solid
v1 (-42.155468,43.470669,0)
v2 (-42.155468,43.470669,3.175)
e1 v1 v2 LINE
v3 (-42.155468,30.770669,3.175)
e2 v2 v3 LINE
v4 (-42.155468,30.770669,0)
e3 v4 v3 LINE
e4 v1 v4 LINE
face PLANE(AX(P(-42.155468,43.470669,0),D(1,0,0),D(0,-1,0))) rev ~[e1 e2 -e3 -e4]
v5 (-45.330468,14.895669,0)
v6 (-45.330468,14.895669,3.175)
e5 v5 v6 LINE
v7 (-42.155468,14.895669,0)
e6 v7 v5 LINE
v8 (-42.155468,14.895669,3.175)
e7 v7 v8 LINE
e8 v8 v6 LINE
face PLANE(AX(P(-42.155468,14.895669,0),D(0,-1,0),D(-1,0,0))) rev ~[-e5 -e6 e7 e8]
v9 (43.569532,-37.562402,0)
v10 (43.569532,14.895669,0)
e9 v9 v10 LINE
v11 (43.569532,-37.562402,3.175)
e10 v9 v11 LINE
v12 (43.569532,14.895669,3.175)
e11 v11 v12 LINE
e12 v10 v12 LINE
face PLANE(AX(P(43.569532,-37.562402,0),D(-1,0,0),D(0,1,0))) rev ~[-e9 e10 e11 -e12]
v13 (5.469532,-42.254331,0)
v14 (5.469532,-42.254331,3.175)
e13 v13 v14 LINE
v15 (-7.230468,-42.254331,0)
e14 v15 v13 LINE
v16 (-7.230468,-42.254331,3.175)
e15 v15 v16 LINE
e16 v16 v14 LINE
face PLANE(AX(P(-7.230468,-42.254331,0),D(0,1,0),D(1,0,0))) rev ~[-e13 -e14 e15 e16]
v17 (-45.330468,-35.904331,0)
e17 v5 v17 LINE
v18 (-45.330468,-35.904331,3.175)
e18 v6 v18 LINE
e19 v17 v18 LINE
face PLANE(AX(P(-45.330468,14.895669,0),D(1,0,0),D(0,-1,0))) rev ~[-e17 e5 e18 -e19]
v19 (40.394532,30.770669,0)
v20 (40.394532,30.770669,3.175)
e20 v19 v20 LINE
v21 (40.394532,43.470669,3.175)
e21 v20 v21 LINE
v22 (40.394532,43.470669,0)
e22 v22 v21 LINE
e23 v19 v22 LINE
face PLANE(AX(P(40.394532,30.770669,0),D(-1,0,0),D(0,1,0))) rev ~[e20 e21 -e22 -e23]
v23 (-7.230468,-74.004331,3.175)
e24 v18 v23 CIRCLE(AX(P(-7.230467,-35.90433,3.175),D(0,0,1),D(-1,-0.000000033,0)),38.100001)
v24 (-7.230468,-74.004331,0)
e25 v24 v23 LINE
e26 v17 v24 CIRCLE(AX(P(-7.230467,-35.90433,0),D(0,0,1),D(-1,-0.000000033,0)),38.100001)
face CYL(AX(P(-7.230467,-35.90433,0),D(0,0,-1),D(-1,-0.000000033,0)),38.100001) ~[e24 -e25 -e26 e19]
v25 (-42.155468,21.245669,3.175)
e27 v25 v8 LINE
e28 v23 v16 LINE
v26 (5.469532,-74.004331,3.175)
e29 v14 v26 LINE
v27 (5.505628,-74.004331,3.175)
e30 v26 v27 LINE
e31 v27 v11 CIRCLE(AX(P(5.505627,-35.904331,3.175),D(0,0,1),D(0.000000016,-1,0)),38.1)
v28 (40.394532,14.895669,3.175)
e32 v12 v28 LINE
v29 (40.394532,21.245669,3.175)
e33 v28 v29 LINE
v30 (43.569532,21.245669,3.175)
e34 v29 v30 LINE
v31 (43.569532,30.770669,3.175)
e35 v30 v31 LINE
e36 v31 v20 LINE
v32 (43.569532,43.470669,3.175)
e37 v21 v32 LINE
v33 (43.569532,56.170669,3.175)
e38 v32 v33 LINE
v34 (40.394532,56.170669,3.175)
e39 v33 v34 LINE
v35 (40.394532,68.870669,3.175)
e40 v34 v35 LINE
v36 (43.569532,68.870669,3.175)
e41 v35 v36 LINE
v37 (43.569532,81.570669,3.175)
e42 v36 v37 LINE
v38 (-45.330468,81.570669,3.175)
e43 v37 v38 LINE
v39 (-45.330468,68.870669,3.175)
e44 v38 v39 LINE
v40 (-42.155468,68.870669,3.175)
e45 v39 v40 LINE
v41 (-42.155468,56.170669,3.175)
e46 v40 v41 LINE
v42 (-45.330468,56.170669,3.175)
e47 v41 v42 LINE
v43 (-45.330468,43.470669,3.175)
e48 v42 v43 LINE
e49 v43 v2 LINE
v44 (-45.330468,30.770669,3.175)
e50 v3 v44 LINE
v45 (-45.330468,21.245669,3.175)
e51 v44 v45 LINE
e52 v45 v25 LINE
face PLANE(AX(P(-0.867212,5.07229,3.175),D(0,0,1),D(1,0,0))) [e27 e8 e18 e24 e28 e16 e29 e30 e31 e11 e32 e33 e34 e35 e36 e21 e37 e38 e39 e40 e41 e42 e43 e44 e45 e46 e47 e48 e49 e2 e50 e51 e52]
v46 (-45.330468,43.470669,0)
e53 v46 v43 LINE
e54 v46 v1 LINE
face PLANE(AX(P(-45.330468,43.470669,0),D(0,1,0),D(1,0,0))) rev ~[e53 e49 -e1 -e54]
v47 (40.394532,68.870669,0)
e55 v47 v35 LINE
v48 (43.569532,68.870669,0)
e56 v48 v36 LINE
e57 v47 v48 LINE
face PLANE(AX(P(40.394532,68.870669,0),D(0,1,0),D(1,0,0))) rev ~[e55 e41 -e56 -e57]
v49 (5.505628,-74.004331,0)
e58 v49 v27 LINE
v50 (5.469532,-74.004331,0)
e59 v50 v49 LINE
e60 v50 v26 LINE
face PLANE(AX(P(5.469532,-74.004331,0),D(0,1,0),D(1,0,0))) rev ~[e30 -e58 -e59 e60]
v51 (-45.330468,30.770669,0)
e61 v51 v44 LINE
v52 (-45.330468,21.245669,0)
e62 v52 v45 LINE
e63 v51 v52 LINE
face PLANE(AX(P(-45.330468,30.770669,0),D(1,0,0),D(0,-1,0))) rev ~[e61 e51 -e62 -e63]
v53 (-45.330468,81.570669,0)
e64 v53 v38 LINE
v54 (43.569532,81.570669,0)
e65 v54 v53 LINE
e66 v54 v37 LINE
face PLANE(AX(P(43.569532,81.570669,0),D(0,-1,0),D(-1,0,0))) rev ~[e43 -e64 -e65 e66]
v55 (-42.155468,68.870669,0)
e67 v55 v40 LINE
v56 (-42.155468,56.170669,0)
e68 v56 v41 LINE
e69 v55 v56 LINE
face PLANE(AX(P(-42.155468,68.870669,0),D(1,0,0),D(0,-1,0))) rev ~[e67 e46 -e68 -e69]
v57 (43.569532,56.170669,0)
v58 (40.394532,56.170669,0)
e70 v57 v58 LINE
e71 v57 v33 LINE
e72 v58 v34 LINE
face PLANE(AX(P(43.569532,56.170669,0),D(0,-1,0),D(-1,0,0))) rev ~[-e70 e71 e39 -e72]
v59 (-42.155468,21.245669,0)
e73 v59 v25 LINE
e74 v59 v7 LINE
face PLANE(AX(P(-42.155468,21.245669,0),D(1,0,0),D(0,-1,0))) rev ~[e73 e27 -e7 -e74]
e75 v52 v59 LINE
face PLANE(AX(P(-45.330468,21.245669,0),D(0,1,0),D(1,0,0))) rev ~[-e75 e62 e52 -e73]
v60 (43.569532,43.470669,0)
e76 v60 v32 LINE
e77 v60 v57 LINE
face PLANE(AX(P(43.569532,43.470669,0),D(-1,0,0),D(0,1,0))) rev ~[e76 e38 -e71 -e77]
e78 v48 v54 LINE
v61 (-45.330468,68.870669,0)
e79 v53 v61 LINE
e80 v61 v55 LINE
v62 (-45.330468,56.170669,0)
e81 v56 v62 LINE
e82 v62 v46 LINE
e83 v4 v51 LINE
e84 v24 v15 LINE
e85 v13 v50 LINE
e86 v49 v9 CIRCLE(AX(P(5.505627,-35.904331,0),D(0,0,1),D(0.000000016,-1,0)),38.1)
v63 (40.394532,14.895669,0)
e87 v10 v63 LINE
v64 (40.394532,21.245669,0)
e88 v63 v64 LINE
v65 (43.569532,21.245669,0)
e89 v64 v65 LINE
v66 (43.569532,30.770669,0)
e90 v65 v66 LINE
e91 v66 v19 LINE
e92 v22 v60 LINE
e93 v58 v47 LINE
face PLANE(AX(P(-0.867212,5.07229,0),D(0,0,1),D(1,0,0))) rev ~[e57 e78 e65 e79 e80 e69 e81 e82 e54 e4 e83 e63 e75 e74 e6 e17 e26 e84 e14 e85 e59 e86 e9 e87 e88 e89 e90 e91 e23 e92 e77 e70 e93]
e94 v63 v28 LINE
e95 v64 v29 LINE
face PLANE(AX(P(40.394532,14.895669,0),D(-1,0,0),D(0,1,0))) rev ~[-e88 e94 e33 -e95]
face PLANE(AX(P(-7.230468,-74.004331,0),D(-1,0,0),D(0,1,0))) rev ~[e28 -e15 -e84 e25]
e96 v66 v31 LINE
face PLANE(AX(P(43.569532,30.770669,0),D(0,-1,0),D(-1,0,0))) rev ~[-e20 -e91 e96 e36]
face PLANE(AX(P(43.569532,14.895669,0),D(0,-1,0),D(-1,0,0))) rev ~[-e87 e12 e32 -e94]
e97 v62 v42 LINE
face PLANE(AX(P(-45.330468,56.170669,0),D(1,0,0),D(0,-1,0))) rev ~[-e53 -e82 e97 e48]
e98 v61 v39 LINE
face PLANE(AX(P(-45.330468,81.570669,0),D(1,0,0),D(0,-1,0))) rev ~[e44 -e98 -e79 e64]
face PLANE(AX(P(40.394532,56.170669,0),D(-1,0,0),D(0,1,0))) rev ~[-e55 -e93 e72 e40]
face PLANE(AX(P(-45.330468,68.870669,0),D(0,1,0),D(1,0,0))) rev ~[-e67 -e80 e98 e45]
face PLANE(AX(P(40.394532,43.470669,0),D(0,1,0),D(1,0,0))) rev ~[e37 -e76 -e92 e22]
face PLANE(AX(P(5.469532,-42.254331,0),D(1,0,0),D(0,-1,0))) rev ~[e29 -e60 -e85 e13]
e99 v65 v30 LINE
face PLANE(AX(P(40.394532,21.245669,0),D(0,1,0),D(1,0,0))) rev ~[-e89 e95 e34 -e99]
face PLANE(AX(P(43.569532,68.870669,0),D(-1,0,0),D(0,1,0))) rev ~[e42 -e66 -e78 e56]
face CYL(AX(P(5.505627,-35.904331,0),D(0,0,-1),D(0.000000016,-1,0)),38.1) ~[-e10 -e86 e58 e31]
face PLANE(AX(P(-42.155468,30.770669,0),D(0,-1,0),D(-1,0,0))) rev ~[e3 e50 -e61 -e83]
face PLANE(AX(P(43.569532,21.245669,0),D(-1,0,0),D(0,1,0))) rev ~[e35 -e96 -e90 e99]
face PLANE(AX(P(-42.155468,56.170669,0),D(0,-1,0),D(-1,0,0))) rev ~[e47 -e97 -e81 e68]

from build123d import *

# Parameters (mm, degrees)
F1_DEPTH = 3.175


with BuildPart() as f1:
    # F0 (on Top) → F1 (new body)
    with BuildSketch(Plane.XY):
        with BuildLine():
            Line((43.569532, 81.570669), (-45.330468, 81.570669))
            Line((-45.330468, 81.570669), (-45.330468, 68.870669))
            Line((-45.330468, 68.870669), (-42.155468, 68.870669))
            Line((-42.155468, 68.870669), (-42.155468, 56.170669))
            Line((-42.155468, 56.170669), (-45.330468, 56.170669))
            Line((-45.330468, 56.170669), (-45.330468, 43.470669))
            Line((-45.330468, 43.470669), (-42.155468, 43.470669))
            Line((-42.155468, 43.470669), (-42.155468, 30.770669))
            Line((-42.155468, 30.770669), (-45.330468, 30.770669))
            Line((-45.330468, 30.770669), (-45.330468, 21.245669))
            Line((-45.330468, 21.245669), (-42.155468, 21.245669))
            Line((-42.155468, 21.245669), (-42.155468, 14.895669))
            Line((-42.155468, 14.895669), (-45.330468, 14.895669))
            Line((-45.330468, 14.895669), (-45.330468, -35.904331))
            ThreePointArc((-45.330468, -35.904331), (-34.171236, -62.845099), (-7.230468, -74.004331))
            Line((-7.230468, -74.004331), (-7.230468, -42.254331))
            Line((-7.230468, -42.254331), (5.469532, -42.254331))
            Line((5.469532, -42.254331), (5.469532, -74.004331))
            Line((5.469532, -74.004331), (5.505628, -74.004331))
            ThreePointArc((5.505628, -74.004331), (31.853659, -63.425073), (43.569532, -37.562402))
            Line((43.569532, -37.562402), (43.569532, 14.895669))
            Line((43.569532, 14.895669), (40.394532, 14.895669))
            Line((40.394532, 14.895669), (40.394532, 21.245669))
            Line((40.394532, 21.245669), (43.569532, 21.245669))
            Line((43.569532, 21.245669), (43.569532, 30.770669))
            Line((43.569532, 30.770669), (40.394532, 30.770669))
            Line((40.394532, 30.770669), (40.394532, 43.470669))
            Line((40.394532, 43.470669), (43.569532, 43.470669))
            Line((43.569532, 43.470669), (43.569532, 56.170669))
            Line((43.569532, 56.170669), (40.394532, 56.170669))
            Line((40.394532, 56.170669), (40.394532, 68.870669))
            Line((40.394532, 68.870669), (43.569532, 68.870669))
            Line((43.569532, 68.870669), (43.569532, 81.570669))
        make_face()
    extrude(amount=F1_DEPTH)


solid = f1.part
